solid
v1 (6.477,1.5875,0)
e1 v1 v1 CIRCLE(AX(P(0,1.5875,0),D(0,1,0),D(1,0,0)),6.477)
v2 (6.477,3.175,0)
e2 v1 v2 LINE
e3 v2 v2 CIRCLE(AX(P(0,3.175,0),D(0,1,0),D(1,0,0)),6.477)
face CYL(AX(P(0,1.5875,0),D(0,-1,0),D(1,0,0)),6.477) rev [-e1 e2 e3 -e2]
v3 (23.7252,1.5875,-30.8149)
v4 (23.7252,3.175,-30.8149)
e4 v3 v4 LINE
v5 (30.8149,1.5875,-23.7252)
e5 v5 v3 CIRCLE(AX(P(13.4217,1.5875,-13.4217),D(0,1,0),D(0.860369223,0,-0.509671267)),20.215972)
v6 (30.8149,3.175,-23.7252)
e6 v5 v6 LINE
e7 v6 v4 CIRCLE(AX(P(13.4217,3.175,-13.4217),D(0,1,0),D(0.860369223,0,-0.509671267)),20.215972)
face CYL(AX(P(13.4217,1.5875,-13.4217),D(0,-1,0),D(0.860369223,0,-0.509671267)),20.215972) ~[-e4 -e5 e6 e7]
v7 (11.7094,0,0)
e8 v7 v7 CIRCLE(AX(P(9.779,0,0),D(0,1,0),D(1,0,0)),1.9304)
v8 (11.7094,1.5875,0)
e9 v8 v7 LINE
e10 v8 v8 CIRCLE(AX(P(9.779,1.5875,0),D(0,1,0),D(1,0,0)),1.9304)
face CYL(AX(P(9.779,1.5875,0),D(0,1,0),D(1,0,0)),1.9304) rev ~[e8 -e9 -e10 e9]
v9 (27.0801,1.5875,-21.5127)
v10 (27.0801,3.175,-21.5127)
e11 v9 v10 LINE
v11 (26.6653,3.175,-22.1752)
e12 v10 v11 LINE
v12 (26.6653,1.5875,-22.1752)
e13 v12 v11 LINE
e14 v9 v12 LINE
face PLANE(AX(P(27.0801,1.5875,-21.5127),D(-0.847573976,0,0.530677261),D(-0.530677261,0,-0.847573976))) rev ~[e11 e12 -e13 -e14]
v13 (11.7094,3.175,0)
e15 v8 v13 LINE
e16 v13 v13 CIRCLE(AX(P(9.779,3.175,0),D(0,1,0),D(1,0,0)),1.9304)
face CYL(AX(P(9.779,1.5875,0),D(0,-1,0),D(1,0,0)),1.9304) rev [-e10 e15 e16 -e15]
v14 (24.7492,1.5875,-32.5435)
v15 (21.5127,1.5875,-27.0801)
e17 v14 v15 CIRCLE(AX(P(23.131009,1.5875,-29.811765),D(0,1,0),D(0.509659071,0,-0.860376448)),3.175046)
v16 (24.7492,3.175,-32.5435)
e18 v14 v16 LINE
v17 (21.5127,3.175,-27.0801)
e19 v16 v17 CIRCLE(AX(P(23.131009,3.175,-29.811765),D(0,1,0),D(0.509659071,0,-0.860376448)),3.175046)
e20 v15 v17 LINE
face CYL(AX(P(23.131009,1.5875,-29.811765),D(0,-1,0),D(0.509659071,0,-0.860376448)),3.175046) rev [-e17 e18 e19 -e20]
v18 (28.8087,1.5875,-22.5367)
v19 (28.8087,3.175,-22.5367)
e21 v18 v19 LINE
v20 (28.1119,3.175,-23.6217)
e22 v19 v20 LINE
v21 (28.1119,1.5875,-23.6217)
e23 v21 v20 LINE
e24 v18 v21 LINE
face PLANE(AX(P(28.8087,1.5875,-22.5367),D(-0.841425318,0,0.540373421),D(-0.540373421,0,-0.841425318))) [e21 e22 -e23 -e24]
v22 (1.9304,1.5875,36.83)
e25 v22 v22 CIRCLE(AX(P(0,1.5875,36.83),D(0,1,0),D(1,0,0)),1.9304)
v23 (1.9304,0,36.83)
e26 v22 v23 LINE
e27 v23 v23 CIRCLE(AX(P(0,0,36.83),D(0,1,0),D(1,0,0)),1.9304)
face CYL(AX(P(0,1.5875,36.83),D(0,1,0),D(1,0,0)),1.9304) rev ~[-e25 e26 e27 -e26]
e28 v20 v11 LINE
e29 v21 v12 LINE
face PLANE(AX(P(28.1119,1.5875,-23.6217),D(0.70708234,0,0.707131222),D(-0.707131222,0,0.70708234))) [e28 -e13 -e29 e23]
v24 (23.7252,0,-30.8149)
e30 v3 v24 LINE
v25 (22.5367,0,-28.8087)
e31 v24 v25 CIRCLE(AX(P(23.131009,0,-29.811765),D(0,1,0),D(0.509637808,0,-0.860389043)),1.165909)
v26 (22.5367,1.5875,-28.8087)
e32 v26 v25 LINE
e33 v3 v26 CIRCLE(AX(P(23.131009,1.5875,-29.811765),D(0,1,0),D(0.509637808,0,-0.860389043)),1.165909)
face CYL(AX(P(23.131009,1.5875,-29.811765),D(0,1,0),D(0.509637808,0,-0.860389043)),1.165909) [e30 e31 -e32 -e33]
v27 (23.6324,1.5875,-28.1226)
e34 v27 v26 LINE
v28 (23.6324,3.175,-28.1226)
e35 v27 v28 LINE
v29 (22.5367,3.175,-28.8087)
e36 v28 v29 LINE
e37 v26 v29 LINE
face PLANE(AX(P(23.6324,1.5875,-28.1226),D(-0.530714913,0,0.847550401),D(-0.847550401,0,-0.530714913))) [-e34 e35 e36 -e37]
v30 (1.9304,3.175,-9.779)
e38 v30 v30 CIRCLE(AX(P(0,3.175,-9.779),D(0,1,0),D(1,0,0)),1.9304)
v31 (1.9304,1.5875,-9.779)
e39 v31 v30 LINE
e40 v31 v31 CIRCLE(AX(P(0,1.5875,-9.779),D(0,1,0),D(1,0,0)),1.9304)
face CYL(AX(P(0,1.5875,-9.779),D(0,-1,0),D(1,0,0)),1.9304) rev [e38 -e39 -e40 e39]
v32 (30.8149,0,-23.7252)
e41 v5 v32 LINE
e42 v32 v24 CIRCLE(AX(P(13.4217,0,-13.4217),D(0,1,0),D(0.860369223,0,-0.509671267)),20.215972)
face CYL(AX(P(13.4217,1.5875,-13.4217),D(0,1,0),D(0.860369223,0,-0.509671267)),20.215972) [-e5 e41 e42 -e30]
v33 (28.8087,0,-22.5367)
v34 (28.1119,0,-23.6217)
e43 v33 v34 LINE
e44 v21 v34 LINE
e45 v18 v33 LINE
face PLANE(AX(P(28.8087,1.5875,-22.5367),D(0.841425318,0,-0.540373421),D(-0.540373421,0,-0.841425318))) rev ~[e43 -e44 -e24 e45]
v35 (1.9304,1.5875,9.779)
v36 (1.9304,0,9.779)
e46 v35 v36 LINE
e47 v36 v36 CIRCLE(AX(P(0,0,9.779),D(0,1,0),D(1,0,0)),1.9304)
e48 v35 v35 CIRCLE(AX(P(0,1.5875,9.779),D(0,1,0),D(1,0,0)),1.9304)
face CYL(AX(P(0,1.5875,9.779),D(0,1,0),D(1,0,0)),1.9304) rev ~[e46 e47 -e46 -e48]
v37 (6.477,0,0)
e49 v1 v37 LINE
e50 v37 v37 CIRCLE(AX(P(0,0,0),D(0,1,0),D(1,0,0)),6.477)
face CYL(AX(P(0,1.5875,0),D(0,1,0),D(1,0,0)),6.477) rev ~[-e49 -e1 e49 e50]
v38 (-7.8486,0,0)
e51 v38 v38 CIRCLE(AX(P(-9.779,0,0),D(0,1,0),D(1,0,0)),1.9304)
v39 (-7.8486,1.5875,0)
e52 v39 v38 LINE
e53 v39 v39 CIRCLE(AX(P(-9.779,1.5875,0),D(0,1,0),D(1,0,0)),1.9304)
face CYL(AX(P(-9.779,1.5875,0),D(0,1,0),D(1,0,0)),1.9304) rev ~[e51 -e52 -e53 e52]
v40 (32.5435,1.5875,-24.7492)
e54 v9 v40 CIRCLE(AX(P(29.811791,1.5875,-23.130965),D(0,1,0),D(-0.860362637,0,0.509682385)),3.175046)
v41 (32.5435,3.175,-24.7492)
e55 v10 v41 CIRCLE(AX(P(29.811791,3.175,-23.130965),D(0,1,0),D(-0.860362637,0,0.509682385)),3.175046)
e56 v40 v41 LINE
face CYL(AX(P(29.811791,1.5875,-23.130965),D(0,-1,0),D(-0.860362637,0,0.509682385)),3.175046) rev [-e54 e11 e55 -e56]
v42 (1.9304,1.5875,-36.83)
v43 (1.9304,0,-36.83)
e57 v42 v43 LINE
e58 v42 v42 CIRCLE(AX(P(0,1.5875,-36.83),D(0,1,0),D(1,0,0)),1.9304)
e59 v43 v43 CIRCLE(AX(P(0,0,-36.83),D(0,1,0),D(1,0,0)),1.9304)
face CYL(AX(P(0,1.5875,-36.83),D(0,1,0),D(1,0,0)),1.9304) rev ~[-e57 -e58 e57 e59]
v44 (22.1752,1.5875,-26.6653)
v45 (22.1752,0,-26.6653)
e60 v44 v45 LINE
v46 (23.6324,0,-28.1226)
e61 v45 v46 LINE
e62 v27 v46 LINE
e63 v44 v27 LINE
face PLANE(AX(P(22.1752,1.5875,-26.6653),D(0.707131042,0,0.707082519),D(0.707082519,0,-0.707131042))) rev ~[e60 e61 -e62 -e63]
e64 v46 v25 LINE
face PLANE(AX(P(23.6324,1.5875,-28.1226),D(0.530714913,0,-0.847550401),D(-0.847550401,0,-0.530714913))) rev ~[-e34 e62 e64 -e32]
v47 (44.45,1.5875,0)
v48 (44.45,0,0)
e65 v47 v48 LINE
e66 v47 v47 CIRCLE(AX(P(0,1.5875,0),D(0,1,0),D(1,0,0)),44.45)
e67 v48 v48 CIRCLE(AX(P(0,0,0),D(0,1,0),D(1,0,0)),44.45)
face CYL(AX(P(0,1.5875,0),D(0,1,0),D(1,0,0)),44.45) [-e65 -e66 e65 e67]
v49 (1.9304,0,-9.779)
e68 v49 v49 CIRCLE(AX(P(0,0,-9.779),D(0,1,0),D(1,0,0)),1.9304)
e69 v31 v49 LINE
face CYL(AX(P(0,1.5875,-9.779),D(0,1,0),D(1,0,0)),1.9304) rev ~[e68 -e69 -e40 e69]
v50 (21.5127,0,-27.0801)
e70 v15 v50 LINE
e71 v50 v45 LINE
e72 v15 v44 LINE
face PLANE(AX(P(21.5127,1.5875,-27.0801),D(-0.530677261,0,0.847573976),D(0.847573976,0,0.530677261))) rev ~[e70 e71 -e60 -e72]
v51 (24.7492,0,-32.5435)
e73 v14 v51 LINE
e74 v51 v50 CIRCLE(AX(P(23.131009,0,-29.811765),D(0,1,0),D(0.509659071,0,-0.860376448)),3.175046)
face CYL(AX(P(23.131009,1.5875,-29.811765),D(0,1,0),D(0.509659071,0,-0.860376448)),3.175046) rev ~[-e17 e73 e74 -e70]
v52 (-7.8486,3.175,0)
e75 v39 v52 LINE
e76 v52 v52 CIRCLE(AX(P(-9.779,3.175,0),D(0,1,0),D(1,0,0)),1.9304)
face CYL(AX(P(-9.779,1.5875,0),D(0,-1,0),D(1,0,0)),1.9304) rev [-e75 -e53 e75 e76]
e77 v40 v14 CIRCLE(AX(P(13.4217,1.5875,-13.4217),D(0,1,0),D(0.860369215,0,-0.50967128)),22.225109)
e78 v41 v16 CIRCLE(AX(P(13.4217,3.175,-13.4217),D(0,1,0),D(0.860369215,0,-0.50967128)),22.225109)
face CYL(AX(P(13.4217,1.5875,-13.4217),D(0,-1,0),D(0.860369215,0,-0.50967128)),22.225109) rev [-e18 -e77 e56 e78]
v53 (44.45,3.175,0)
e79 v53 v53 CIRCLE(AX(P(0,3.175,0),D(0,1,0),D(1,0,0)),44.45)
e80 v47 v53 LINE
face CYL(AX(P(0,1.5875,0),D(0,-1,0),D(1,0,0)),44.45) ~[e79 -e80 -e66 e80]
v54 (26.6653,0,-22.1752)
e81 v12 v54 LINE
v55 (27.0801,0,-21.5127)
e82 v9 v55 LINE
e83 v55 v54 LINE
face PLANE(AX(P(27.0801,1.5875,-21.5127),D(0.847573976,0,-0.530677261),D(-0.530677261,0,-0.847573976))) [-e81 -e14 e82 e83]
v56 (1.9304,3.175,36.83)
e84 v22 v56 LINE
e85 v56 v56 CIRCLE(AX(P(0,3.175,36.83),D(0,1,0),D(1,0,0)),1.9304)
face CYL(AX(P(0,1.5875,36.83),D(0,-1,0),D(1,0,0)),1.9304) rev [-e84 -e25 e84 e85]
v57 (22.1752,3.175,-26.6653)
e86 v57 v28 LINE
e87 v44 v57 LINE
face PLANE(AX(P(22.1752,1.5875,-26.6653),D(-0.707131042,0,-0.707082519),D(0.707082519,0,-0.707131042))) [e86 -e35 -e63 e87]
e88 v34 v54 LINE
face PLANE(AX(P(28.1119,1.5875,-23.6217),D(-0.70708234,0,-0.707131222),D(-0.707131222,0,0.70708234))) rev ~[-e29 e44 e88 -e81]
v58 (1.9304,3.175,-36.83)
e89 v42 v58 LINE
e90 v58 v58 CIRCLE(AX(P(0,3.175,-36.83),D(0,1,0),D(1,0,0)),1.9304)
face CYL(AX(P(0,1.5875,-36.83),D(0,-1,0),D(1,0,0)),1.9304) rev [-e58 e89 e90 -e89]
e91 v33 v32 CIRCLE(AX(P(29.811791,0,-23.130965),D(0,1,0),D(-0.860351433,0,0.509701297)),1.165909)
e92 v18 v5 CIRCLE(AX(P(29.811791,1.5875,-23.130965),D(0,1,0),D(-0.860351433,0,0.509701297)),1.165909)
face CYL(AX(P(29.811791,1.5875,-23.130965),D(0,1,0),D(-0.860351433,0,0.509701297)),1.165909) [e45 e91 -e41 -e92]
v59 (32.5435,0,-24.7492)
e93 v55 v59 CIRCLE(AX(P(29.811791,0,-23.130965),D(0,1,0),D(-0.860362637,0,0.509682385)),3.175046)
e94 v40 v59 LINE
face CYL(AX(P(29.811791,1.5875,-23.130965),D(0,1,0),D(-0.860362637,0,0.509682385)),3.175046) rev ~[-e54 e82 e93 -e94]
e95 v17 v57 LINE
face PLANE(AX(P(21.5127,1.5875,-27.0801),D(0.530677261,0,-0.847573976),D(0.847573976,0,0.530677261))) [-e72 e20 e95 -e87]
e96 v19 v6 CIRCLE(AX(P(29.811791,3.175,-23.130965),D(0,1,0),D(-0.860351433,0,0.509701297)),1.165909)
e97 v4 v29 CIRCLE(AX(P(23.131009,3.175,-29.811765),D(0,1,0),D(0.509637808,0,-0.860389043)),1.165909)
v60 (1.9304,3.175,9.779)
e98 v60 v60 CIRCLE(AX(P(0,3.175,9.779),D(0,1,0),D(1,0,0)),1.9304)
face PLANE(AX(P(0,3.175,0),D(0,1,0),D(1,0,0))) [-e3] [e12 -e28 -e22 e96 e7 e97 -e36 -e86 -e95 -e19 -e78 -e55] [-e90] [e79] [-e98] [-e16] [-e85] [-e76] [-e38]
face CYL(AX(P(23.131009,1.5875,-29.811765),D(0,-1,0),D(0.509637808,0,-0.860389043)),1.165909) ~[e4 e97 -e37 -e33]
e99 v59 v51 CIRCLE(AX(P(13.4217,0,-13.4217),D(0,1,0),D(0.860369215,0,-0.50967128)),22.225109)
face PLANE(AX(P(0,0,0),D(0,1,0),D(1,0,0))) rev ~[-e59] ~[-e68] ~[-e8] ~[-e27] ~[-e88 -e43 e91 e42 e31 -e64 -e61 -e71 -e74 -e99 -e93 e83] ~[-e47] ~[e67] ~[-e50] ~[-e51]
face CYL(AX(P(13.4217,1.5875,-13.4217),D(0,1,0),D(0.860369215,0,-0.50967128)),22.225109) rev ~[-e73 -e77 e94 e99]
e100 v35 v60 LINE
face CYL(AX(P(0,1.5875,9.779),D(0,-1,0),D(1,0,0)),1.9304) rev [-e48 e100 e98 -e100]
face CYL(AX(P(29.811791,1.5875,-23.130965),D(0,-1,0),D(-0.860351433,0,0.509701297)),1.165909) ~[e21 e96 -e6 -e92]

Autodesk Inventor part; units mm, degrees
ref_plane "YZ Plane" through (0, 0, 0) normal (1, 0, 0) x (0, 1, 0)
ref_plane "XZ Plane" through (0, 0, 0) normal (0, 1, 0) x (-1, 0, 0)
ref_plane "XY Plane" through (0, 0, 0) normal (0, 0, 1) x (1, 0, 0)
ref_plane "Work Plane1" through (0, 1.5875, 0) normal (0, 1, 0) x (1, 0, 0)
sketch "Sketch1" plane through (0, 1.5875, 0) normal (0, 1, 0) x (1, 0, 0)
  circle A0 centre (0, 0) radius 44.45
  circle A1 centre (0, -9.779) radius 1.778 construction
  circle A2 centre (-9.779, 0) radius 1.778 construction
  circle A3 centre (0, 9.779) radius 1.778 construction
  circle A4 centre (9.779, 0) radius 1.778 construction
  circle A5 centre (0, 0) radius 6.35 construction
  circle A6 centre (0, -9.779) radius 1.9304
  circle A7 centre (-9.779, 0) radius 1.9304
  circle A8 centre (0, 9.779) radius 1.9304
  circle A9 centre (9.779, 0) radius 1.9304
  circle A10 centre (0, 0) radius 6.477
  circle A11 centre (0, 0) radius 34.925 construction
  circle A12 centre (0, -36.83) radius 1.9304
  circle A13 centre (0, 36.83) radius 1.9304
  line L0 (0, 0) -> (31.4309, 31.4309) construction
  line L1 (0, 0) -> (44.45, 0) construction
  line L2 (28.8087, 22.5367) -> (28.1119, 23.6217)
  line L3 (22.1752, 26.6653) -> (23.6324, 28.1226)
  line L4 (23.6324, 28.1226) -> (22.5367, 28.8087)
  line L5 (21.5127, 27.0801) -> (22.1752, 26.6653)
  line L6 (28.1119, 23.6217) -> (26.6653, 22.1752)
  arc A14 (28.8087, 22.5367) -> (30.8149, 23.7252) centre (29.8118, 23.131) ccw
  arc A15 (23.7252, 30.8149) -> (22.5367, 28.8087) centre (23.131, 29.8118) ccw
  arc A16 (24.7492, 32.5435) -> (21.5127, 27.0801) centre (23.131, 29.8118) ccw
  arc A17 (27.0801, 21.5127) -> (32.5435, 24.7492) centre (29.8118, 23.131) ccw
  arc A18 (30.8149, 23.7252) -> (23.7252, 30.8149) centre (13.4217, 13.4217) ccw
  arc A19 (32.5435, 24.7492) -> (24.7492, 32.5435) centre (13.4217, 13.4217) ccw
  line L7 (27.0801, 21.5127) -> (26.6653, 22.1752)
  point P0 (24.7492, 32.5435)
  dimension "d1" = 88.9
  dimension "d2" = 3.8608
  dimension "d3" = 3.8608
  dimension "d5" = 3.8608
  dimension "d6" = 12.954
  dimension "d7" = 69.85
  dimension "d8" = 3.8608
  dimension "d10" = 3.8608
  dimension "d11" = 36.83
  dimension "d12" = 45
  dimension "d13" = 36.83
extrude "Extrusion1" add sketch "Sketch1" along normal mid plane 3.175
properties part number "3_5 in spool outer plate"
